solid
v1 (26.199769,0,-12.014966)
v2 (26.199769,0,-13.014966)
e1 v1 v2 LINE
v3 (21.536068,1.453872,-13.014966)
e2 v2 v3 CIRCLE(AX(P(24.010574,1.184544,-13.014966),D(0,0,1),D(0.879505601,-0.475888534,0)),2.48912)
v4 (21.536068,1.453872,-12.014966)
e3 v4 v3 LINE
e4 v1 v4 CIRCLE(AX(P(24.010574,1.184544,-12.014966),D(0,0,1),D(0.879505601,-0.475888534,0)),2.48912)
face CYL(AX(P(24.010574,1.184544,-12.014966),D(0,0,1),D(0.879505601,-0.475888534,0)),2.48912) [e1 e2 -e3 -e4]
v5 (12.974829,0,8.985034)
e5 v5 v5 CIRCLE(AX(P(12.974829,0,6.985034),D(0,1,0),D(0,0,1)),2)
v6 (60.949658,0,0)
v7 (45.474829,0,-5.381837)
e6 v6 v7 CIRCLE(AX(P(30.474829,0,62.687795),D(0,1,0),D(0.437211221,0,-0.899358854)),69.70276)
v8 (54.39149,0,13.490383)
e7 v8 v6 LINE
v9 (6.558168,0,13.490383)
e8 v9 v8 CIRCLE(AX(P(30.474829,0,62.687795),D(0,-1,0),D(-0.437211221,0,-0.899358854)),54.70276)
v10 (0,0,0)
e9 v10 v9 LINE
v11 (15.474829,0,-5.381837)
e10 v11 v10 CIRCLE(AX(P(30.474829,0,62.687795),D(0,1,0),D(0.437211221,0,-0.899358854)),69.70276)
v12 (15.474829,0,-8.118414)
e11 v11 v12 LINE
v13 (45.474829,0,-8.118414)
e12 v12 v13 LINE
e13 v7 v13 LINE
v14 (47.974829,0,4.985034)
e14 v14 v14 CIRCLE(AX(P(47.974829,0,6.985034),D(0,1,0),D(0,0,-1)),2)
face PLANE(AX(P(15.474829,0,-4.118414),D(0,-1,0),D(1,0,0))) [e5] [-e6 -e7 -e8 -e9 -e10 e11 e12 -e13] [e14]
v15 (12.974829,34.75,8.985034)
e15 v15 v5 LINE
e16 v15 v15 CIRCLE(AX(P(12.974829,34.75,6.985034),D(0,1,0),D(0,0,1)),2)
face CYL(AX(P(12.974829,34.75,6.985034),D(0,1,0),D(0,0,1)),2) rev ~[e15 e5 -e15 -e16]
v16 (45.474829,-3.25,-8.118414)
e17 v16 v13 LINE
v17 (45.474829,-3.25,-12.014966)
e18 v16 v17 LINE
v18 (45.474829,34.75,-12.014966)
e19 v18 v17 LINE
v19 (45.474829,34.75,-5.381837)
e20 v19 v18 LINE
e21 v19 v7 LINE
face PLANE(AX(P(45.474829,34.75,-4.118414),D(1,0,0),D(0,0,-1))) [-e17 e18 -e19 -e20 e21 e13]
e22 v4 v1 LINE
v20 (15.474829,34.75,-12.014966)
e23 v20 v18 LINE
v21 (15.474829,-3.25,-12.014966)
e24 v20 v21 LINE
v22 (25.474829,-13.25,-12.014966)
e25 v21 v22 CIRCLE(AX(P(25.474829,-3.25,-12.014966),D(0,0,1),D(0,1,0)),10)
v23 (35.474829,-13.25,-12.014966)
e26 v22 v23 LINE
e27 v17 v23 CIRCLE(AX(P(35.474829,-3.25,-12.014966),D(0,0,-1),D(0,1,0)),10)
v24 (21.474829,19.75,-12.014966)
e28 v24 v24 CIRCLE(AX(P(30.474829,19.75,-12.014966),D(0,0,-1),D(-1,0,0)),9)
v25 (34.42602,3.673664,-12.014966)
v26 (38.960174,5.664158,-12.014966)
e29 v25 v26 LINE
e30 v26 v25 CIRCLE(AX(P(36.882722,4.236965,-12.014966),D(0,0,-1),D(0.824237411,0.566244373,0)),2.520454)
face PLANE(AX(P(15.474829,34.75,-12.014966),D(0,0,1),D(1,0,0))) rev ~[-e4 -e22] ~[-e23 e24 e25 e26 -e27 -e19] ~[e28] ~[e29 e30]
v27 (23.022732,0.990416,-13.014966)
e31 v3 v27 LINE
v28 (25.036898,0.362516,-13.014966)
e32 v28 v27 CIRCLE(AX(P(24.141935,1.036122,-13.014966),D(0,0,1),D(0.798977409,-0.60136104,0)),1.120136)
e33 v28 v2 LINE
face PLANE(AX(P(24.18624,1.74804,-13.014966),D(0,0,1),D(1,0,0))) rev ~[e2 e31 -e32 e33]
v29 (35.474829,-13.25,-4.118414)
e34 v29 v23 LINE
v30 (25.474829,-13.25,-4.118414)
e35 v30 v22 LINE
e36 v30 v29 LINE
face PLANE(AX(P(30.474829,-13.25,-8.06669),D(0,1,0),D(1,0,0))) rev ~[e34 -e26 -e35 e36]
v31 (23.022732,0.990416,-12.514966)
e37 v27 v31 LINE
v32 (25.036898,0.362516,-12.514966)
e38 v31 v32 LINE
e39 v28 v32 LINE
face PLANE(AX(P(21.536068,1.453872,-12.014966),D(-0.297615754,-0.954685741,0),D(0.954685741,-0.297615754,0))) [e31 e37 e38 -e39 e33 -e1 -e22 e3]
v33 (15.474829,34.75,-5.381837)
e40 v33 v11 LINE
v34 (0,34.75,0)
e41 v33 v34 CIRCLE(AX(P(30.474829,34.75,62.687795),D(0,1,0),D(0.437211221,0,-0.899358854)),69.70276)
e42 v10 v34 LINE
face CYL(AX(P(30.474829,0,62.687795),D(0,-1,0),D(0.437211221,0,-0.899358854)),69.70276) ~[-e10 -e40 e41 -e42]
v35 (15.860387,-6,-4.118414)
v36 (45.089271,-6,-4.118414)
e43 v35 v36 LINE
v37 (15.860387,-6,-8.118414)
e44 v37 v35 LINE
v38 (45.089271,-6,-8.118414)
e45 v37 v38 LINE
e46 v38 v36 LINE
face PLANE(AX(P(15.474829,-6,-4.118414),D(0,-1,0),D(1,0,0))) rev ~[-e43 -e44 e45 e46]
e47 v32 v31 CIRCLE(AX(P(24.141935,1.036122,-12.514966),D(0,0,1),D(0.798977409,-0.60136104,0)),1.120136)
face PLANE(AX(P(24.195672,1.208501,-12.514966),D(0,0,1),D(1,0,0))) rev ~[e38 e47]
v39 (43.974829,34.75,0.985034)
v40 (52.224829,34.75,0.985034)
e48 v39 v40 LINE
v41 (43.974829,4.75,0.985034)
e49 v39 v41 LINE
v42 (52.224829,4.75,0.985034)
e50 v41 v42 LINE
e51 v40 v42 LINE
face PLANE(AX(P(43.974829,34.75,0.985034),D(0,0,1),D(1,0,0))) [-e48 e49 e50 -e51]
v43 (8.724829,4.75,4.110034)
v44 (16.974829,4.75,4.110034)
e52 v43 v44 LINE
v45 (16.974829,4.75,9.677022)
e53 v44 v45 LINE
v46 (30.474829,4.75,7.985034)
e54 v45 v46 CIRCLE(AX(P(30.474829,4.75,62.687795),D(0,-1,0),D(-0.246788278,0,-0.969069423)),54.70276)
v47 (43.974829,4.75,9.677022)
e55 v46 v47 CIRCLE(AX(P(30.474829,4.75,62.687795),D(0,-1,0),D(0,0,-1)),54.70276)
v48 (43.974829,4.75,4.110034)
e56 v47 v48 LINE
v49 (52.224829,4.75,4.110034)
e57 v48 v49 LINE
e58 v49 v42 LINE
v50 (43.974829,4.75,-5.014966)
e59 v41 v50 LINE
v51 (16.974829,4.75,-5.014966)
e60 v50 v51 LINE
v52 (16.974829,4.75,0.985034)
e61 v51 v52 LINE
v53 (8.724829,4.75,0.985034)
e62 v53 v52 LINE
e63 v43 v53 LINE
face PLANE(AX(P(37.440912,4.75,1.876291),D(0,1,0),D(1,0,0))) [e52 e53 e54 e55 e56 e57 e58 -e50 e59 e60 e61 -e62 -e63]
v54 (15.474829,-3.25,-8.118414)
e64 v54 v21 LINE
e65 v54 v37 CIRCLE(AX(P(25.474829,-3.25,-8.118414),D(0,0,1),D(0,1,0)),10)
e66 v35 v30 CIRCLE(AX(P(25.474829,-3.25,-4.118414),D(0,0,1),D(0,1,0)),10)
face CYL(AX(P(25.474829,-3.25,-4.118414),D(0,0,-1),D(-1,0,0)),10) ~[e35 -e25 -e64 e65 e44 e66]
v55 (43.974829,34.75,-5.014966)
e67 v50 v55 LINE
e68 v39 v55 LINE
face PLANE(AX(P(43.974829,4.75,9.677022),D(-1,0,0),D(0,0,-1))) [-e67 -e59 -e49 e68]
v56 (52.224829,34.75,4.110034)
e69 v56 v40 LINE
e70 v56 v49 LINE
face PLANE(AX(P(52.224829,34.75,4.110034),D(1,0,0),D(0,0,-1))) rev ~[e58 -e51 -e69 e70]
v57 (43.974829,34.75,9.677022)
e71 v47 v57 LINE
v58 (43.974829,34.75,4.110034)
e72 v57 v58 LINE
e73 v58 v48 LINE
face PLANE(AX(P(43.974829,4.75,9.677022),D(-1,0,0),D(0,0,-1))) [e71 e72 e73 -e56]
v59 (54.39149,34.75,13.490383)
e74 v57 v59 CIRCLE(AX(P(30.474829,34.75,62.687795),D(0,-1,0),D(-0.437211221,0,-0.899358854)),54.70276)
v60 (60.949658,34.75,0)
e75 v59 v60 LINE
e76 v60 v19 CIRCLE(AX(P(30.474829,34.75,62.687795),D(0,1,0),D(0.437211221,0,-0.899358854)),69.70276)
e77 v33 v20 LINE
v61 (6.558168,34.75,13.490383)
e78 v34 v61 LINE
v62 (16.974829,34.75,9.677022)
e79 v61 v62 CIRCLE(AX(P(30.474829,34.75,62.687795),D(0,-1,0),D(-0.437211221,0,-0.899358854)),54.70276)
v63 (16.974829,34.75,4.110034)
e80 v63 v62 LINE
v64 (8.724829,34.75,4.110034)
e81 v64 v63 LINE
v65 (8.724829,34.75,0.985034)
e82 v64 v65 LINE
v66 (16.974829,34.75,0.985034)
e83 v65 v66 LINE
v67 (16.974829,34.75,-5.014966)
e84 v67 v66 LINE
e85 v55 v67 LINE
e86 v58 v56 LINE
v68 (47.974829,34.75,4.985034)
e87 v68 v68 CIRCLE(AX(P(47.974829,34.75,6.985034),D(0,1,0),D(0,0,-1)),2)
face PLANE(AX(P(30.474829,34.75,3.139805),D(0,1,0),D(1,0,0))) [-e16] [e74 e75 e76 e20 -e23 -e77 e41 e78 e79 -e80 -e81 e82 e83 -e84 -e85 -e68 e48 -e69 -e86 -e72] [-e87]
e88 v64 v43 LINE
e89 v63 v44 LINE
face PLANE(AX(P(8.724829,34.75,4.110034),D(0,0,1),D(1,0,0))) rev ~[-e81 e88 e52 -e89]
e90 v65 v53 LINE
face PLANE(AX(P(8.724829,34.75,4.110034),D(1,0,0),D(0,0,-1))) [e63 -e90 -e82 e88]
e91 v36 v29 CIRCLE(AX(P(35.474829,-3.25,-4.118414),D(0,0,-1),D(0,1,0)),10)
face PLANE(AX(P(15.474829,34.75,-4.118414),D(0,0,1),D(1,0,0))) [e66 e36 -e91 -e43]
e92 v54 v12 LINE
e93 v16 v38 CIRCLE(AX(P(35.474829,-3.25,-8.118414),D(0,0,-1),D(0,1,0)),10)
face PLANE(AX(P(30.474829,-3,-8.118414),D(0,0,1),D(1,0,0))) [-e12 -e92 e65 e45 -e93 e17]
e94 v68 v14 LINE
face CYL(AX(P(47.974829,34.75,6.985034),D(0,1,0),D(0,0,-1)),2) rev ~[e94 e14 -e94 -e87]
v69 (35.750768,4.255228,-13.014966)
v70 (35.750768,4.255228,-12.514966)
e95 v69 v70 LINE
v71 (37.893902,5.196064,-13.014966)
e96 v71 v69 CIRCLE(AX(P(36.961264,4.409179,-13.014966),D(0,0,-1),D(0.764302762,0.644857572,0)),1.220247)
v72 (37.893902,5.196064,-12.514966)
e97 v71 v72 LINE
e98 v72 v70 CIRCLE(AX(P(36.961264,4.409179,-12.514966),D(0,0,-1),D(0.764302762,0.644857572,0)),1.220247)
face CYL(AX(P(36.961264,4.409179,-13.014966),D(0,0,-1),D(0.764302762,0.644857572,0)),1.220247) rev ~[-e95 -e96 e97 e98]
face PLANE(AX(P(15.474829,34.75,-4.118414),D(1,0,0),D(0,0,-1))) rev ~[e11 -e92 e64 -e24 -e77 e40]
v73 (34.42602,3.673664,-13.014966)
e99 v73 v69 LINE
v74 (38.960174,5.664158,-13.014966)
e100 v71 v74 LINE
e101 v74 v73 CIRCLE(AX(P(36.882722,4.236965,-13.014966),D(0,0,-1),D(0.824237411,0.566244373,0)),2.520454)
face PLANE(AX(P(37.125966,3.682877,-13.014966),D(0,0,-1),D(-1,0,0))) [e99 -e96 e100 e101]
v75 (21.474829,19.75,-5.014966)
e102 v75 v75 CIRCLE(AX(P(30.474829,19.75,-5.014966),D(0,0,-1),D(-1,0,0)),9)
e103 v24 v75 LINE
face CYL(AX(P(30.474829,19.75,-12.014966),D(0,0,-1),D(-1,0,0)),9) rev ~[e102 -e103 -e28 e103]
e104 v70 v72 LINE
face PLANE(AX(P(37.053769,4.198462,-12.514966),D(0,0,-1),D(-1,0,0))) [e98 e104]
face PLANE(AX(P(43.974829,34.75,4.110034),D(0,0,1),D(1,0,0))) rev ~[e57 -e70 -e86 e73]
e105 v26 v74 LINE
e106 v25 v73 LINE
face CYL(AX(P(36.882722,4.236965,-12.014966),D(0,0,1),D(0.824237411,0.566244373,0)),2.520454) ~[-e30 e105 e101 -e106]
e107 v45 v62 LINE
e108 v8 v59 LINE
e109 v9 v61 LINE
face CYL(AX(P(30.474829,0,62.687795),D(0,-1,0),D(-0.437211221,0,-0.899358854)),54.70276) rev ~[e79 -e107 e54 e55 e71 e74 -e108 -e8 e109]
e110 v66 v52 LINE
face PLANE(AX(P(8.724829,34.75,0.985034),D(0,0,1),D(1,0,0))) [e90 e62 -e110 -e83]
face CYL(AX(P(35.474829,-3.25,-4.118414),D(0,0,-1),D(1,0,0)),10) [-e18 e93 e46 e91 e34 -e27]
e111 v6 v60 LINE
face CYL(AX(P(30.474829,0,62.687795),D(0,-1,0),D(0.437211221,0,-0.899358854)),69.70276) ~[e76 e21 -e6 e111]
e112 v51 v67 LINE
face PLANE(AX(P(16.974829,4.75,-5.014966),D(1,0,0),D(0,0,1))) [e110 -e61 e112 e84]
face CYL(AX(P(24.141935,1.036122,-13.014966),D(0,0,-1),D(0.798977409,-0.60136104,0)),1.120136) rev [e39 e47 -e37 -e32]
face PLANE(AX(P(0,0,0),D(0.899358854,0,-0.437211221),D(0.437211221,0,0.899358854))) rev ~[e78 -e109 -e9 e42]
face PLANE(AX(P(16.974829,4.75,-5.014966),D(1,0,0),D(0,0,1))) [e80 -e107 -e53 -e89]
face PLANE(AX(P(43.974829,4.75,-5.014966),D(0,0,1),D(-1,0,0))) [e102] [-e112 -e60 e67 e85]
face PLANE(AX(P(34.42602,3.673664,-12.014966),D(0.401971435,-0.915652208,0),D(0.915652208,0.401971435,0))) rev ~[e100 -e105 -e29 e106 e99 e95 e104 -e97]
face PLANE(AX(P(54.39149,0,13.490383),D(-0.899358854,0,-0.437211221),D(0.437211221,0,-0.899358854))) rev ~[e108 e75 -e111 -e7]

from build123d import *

# Parameters (mm, degrees)
BOSS_EXTRUDE1_DEPTH = 34.75
SKETCH2_R           = 2
CUT_EXTRUDE1_DEPTH  = 72.445179815
SKETCH3_W           = 30
SKETCH3_H           = 7.896551268
BOSS_EXTRUDE2_DEPTH = 48
SKETCH4_W           = 30
SKETCH4_H           = 6
CUT_EXTRUDE2_DEPTH  = 4
FILLET1_R           = 10
SKETCH5_R           = 9
CUT_EXTRUDE3_DEPTH  = 75.652167363
BOSS_EXTRUDE3_DEPTH = 1
CUT_EXTRUDE4_DEPTH  = 0.5
CUT_EXTRUDE5_START  = -30
CUT_EXTRUDE5_DEPTH  = 30
SKETCH11_W          = 8.25
SKETCH11_H          = 3.125
CUT_EXTRUDE6_DEPTH  = 30


with BuildPart() as part:
    # Sketch1 → Boss-Extrude1 (new body)
    with BuildSketch(Plane(origin=(0, 0, 0), x_dir=(1, 0, 0), z_dir=(0, 1, 0))):
        with BuildLine():
            Line((0, 0), (6.55816832, -13.490382807))
            ThreePointArc((6.55816832, -13.490382807), (30.474828919, -7.985034321), (54.391489518, -13.490382807))
            Line((54.391489518, -13.490382807), (60.949657838, 0))
            ThreePointArc((60.949657838, 0), (30.474828919, 7.014965679), (0, 0))
        make_face()
    extrude(amount=BOSS_EXTRUDE1_DEPTH)

    # Sketch2 → Cut-Extrude1 (cut, through all)
    with BuildSketch(Plane(origin=(0, 34.75, 0), x_dir=(1, 0, 0), z_dir=(0, 1, 0))):
        with Locations(Location((12.974828919, -6.985034321, 0), (0, 0, 270))):
            Circle(SKETCH2_R)
        with Locations(Location((47.974828919, -6.985034321, 0), (0, 0, 90))):
            Circle(SKETCH2_R)
    extrude(amount=-CUT_EXTRUDE1_DEPTH, mode=Mode.SUBTRACT)

    # Sketch3 → Boss-Extrude2 (add)
    with BuildSketch(Plane(origin=(0, 34.75, 0), x_dir=(1, 0, 0), z_dir=(0, 1, 0))):
        with Locations((30.474828919, 8.066690045)):
            Rectangle(SKETCH3_W, SKETCH3_H)
    extrude(amount=-BOSS_EXTRUDE2_DEPTH)

    # Sketch4 → Cut-Extrude2 (cut)
    with BuildSketch(Plane.XY.offset(-4.118414411)):
        with Locations((30.474828919, -3)):
            Rectangle(SKETCH4_W, SKETCH4_H)
    extrude(amount=-CUT_EXTRUDE2_DEPTH, mode=Mode.SUBTRACT)

    # Fillet1
    fillet1_edges = [part.edges().sort_by_distance(p)[0] for p in [
        (15.474828919, -13.25, -8.066690045),
        (45.474828919, -13.25, -8.066690045),
    ]]
    fillet(fillet1_edges, radius=FILLET1_R)

    # Sketch5 → Cut-Extrude3 (cut, through all)
    with BuildSketch(Plane(origin=(0, 0, -12.014965679), x_dir=(-1, 0, 0), z_dir=(0, 0, -1))):
        with Locations((-30.474828919, 19.75)):
            Circle(SKETCH5_R)
    extrude(amount=-CUT_EXTRUDE3_DEPTH, mode=Mode.SUBTRACT)

    # Sketch7 → Boss-Extrude3 (add)
    with BuildSketch(Plane(origin=(0, 0, -12.014965679), x_dir=(-1, 0, 0), z_dir=(0, 0, -1))):
        with BuildLine():
            Line((-21.536068007, 1.453872129), (-26.199769352, 0))
            ThreePointArc((-26.199769352, 0), (-24.751375622, 3.560871216), (-21.536068007, 1.453872129))
        make_face()
        with BuildLine():
            Line((-34.426020337, 3.673663851), (-38.960174422, 5.664158065))
            ThreePointArc((-38.960174422, 5.664158065), (-37.895872331, 1.929105477), (-34.426020337, 3.673663851))
        make_face()
    extrude(amount=BOSS_EXTRUDE3_DEPTH)

    # Sketch8 → Cut-Extrude4 (cut)
    with BuildSketch(Plane(origin=(0, 0, -13.014965679), x_dir=(-1, 0, 0), z_dir=(0, 0, -1))):
        with BuildLine():
            Line((-23.022731531, 0.990416495), (-25.036897729, 0.362516061))
            ThreePointArc((-25.036897729, 0.362516061), (-24.475304572, 2.105499822), (-23.022731531, 0.990416495))
        make_face()
        with BuildLine():
            Line((-35.750767501, 4.255228023), (-37.89390211, 5.196064386))
            ThreePointArc((-37.89390211, 5.196064386), (-37.451768412, 3.29185708), (-35.750767501, 4.255228023))
        make_face()
    extrude(amount=-CUT_EXTRUDE4_DEPTH, mode=Mode.SUBTRACT)

    # Sketch9 → Cut-Extrude5 (cut)
    with BuildSketch(Plane(origin=(0, 34.75, 0), x_dir=(1, 0, 0), z_dir=(0, 1, 0)).offset(CUT_EXTRUDE5_START)):
        with BuildLine():
            Line((30.474828919, 5.014965679), (30.474828919, -7.985034321))
            ThreePointArc((30.474828919, -7.985034321), (37.27763759, -8.409679524), (43.974828919, -9.677022281))
            Line((43.974828919, -9.677022281), (43.974828919, 5.014965679))
            Line((43.974828919, 5.014965679), (30.474828919, 5.014965679))
        make_face()
        with BuildLine():
            ThreePointArc((16.974828919, -9.677022281), (23.672020248, -8.409679524), (30.474828919, -7.985034321))
            Line((30.474828919, -7.985034321), (30.474828919, 5.014965679))
            Line((30.474828919, 5.014965679), (16.974828919, 5.014965679))
            Line((16.974828919, 5.014965679), (16.974828919, -9.677022281))
        make_face()
    extrude(amount=CUT_EXTRUDE5_DEPTH, mode=Mode.SUBTRACT)

    # Sketch11 → Cut-Extrude6 (cut)
    with BuildSketch(Plane(origin=(0, 34.75, 0), x_dir=(1, 0, 0), z_dir=(0, 1, 0))):
        with Locations((12.849828919, -2.547534321)):
            Rectangle(SKETCH11_W, SKETCH11_H)
        with Locations((48.099828919, -2.547534321)):
            Rectangle(SKETCH11_W, SKETCH11_H)
    extrude(amount=-CUT_EXTRUDE6_DEPTH, mode=Mode.SUBTRACT)


solid = part.part
